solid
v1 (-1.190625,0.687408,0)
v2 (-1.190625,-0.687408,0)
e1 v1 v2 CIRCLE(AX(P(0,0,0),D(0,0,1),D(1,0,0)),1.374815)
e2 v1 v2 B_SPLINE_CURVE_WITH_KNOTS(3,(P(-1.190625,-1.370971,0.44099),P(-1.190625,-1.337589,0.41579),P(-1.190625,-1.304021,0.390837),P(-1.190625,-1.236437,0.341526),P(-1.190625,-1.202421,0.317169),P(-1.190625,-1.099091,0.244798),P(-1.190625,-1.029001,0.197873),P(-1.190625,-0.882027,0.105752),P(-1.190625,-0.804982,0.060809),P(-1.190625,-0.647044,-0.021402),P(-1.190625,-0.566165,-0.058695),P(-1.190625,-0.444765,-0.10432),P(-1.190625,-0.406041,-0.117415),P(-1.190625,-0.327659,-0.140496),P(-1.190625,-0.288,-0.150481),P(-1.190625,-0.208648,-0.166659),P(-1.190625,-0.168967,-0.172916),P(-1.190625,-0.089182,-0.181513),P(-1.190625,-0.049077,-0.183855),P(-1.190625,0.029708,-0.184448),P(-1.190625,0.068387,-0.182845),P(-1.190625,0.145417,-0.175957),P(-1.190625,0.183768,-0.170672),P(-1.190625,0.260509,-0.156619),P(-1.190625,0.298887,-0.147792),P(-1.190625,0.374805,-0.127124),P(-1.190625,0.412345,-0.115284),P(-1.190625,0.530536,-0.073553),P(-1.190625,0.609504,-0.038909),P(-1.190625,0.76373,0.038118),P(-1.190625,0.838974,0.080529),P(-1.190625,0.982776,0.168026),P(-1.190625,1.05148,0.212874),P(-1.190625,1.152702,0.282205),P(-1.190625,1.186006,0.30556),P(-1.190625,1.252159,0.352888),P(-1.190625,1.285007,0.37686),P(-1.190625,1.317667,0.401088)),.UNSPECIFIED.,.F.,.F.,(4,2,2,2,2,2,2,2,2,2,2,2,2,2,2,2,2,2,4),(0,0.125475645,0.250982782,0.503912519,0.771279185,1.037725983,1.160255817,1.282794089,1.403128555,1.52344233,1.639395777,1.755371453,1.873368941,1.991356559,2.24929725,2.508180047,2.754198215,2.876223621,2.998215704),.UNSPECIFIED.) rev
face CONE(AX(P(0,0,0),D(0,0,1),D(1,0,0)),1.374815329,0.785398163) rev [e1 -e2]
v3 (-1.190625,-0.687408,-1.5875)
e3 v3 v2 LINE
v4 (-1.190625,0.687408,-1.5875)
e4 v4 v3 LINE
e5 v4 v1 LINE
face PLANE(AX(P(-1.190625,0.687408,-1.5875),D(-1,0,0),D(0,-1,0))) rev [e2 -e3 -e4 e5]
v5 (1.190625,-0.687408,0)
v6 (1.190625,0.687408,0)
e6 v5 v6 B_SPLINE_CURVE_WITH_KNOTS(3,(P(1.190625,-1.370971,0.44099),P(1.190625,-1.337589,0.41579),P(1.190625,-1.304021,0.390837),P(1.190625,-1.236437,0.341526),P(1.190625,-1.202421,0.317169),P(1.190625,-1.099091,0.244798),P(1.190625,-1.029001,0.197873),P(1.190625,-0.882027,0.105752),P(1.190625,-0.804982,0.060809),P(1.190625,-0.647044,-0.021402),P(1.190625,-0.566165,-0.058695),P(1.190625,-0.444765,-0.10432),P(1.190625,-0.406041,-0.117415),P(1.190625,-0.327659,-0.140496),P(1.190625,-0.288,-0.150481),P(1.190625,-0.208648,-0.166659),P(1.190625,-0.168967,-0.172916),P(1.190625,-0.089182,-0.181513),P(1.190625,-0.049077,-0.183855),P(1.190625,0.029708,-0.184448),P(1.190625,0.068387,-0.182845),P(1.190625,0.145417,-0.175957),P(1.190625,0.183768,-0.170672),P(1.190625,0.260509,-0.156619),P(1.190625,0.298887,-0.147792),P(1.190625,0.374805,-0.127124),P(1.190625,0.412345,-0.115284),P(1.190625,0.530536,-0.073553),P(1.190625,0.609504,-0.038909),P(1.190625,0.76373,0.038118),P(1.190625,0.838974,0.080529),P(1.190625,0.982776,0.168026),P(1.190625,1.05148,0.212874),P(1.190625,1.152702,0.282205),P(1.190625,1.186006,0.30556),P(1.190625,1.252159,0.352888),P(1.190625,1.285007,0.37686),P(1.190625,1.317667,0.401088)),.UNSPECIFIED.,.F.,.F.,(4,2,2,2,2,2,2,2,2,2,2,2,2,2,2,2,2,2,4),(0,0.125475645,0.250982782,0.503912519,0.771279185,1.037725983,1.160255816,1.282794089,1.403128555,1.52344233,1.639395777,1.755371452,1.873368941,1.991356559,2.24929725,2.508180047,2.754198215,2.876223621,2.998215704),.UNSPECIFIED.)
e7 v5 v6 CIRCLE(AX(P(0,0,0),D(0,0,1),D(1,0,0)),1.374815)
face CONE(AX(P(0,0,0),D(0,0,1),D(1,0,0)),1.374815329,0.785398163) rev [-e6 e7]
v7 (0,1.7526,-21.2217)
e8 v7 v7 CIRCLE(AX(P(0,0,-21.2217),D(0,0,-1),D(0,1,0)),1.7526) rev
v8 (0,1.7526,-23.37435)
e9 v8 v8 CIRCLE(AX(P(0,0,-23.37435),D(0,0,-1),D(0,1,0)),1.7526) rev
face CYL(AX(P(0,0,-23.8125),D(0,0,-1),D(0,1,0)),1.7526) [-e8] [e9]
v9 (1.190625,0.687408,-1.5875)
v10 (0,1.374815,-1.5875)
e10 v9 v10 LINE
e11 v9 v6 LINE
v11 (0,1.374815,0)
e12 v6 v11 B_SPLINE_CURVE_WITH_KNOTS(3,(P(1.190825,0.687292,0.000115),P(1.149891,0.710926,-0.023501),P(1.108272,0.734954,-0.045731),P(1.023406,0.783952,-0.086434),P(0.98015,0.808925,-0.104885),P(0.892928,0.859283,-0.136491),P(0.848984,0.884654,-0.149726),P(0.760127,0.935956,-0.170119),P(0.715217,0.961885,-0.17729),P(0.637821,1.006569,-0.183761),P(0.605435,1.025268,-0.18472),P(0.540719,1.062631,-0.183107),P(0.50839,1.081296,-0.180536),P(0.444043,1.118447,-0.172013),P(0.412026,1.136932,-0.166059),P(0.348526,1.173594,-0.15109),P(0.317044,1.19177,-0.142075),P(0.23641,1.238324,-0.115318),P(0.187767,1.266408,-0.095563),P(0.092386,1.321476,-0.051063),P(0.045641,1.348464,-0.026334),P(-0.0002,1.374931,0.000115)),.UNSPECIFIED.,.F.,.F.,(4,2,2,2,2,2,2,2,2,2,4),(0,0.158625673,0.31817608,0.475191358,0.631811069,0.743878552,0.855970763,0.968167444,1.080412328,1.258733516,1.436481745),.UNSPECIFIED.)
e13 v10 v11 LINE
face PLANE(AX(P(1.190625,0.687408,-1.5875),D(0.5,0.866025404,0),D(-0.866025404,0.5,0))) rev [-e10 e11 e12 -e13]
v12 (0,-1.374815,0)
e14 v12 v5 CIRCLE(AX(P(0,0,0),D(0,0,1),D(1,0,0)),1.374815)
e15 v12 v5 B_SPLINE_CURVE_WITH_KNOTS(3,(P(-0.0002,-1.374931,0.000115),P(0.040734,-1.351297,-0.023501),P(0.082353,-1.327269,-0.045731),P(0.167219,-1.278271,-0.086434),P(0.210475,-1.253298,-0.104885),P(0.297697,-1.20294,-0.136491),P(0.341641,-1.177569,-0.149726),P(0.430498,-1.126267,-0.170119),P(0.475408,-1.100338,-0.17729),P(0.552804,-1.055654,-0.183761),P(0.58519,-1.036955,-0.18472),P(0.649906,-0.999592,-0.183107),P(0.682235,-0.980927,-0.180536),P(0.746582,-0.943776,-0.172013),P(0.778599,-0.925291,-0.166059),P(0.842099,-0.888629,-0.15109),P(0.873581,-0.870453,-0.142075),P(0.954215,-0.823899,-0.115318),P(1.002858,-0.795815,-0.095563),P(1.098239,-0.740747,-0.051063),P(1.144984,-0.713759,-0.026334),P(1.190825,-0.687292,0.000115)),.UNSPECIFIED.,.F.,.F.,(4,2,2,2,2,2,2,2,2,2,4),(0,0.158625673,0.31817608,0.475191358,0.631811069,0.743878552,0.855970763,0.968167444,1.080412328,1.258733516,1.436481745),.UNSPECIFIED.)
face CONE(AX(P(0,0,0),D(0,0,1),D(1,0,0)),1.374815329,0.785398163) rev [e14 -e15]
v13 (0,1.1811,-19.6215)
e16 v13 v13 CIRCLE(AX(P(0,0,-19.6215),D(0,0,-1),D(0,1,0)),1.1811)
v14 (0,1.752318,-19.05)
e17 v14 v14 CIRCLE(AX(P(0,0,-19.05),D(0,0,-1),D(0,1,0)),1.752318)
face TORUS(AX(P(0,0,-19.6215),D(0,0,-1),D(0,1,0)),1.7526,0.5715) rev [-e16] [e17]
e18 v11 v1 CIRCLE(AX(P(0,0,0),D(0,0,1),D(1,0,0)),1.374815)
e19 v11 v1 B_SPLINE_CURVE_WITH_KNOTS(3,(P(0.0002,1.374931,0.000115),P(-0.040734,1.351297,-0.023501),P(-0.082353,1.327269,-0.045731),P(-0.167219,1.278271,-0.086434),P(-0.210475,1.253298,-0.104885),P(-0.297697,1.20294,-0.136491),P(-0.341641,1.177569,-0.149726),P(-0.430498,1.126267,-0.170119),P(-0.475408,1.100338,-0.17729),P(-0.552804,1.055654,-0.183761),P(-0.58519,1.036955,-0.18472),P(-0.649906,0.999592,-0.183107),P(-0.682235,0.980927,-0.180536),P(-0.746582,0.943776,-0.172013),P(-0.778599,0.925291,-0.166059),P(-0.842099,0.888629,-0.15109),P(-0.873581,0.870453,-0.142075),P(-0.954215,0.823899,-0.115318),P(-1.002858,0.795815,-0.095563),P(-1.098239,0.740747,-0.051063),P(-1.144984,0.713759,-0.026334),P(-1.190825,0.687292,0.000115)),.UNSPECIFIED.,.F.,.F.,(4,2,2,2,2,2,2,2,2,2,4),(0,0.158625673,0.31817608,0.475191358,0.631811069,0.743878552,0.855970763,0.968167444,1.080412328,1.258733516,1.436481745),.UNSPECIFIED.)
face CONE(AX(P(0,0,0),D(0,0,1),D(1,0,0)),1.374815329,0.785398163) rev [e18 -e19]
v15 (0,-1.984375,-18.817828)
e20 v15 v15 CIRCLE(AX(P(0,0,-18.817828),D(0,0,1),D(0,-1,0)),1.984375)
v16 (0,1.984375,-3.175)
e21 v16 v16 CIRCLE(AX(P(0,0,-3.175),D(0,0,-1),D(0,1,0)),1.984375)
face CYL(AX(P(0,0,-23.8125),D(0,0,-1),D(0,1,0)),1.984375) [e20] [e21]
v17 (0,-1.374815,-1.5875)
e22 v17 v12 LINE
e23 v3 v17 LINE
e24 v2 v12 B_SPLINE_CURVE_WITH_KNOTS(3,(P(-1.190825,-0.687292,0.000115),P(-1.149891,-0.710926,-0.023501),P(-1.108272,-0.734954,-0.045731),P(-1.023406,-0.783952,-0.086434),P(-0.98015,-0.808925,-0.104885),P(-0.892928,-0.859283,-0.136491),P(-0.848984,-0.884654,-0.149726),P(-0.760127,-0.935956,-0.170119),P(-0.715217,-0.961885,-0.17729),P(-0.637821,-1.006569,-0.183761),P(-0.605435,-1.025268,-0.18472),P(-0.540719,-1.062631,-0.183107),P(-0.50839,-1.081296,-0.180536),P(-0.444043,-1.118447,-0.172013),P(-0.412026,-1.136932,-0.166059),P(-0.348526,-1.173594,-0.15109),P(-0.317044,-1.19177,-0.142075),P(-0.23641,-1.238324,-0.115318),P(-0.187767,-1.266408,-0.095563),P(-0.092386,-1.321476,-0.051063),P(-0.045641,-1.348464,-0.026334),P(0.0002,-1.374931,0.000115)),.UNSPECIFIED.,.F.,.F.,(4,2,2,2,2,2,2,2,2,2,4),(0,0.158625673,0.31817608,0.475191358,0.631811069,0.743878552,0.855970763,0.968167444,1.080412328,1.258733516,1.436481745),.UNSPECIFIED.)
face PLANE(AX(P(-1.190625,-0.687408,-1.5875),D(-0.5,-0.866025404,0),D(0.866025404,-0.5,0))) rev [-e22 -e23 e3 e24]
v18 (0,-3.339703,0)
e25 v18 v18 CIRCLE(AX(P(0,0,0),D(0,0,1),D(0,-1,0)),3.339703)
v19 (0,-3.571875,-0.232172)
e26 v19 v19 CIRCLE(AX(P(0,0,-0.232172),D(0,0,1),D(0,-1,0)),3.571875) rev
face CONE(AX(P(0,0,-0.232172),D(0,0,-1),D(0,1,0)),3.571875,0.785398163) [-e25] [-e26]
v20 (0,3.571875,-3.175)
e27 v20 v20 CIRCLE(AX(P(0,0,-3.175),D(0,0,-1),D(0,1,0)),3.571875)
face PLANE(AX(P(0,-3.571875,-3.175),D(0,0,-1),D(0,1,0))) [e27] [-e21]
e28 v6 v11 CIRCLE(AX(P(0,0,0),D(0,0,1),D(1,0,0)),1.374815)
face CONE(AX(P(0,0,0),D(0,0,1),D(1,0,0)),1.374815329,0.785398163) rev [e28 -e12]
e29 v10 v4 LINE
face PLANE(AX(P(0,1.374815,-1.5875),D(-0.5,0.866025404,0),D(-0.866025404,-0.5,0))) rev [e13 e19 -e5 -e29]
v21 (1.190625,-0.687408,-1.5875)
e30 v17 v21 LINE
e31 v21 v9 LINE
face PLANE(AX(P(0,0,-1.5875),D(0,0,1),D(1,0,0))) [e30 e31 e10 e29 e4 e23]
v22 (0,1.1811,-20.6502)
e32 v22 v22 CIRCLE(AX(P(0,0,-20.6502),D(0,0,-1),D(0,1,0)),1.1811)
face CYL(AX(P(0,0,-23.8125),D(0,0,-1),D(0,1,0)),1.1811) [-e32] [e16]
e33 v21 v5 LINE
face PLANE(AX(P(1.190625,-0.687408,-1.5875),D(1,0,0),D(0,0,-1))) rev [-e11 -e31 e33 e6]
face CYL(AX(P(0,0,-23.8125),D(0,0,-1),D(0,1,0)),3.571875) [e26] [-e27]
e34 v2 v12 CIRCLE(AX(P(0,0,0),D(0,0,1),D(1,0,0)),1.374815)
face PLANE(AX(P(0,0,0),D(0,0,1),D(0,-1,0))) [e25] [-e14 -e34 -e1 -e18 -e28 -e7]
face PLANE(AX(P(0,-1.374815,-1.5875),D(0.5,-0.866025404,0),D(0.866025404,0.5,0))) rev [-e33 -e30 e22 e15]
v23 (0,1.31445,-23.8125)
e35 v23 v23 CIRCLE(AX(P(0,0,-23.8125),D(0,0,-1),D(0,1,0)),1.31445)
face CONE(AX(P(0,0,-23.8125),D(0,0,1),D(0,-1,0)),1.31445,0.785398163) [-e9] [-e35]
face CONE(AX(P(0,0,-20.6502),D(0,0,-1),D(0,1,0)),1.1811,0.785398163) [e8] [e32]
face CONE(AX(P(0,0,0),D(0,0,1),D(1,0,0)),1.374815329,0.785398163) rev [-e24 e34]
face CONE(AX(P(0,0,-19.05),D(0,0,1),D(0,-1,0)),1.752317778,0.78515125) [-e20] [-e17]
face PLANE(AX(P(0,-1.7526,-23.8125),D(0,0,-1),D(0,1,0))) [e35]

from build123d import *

# Parameters (mm, degrees)
CHAMFER1_SIZE      = 0.43815
CHAMFER2_SIZE      = 0.232171875
CUT_EXTRUDE2_DEPTH = 1.5875


with BuildPart() as part:
    # Sketch1 → Revolve1 (revolve)
    with BuildSketch(Plane(origin=(0, 0, 0), x_dir=(0, 0, -1), z_dir=(1, 0, 0))):
        Polygon((0, 3.571875), (3.175, 3.571875), (3.175, 1.984375), (19.05, 1.984375), (19.05, 1.7526), (23.8125, 1.7526), (23.8125, 0), (0, 0), align=None)
    revolve(axis=Axis((0, 0, -23.8125), (0, 0, 1)))

    # Sketch5 → Cut-Revolve1 (revolve, cut)
    with BuildSketch(Plane(origin=(0, 0, 0), x_dir=(0, 0, -1), z_dir=(1, 0, 0))):
        with BuildLine():
            Line((19.05, 1.984375), (21.453475, 1.984375))
            Line((21.453475, 1.984375), (20.6502, 1.1811))
            Line((20.6502, 1.1811), (19.6215, 1.1811))
            ThreePointArc((19.6215, 1.1811), (19.217388475, 1.348488475), (19.05, 1.7526))
            Line((19.05, 1.7526), (19.05, 1.984375))
        make_face()
    revolve(axis=Axis((0, 0, -23.8125), (0, 0, 1)), mode=Mode.SUBTRACT)

    # Chamfer1
    chamfer1_edges = [part.edges().sort_by_distance(p)[0] for p in [
        (0, -1.7526, -23.8125),
    ]]
    chamfer(chamfer1_edges, length=CHAMFER1_SIZE)

    # Chamfer2
    chamfer2_edges = [part.edges().sort_by_distance(p)[0] for p in [
        (0, -1.984375, -19.05),
        (0, -3.571875, 0),
    ]]
    chamfer(chamfer2_edges, length=CHAMFER2_SIZE)

    # Sketch8 → Cut-Extrude2 (cut)
    with BuildSketch(Plane.XY):
        Polygon((1.190625, 0.687407664), (0, 1.374815329), (-1.190625, 0.687407664), (-1.190625, -0.687407664), (0, -1.374815329), (1.190625, -0.687407664), align=None)
    extrude(amount=-CUT_EXTRUDE2_DEPTH, mode=Mode.SUBTRACT)

    # Cut-Extrude4 cone 1 section (through the dimple's axis) → Cut-Extrude4 (revolve, cut)
    with BuildSketch(Plane(origin=(0, 0, 0), x_dir=(0, -1, 0), z_dir=(1, 0, 0))):
        Polygon((0, 0), (1.374815329, 0), (0, 1.374815329), align=None)
    revolve(axis=Axis((0, 0, 0), (0, 0, -1)), mode=Mode.SUBTRACT)


solid = part.part
